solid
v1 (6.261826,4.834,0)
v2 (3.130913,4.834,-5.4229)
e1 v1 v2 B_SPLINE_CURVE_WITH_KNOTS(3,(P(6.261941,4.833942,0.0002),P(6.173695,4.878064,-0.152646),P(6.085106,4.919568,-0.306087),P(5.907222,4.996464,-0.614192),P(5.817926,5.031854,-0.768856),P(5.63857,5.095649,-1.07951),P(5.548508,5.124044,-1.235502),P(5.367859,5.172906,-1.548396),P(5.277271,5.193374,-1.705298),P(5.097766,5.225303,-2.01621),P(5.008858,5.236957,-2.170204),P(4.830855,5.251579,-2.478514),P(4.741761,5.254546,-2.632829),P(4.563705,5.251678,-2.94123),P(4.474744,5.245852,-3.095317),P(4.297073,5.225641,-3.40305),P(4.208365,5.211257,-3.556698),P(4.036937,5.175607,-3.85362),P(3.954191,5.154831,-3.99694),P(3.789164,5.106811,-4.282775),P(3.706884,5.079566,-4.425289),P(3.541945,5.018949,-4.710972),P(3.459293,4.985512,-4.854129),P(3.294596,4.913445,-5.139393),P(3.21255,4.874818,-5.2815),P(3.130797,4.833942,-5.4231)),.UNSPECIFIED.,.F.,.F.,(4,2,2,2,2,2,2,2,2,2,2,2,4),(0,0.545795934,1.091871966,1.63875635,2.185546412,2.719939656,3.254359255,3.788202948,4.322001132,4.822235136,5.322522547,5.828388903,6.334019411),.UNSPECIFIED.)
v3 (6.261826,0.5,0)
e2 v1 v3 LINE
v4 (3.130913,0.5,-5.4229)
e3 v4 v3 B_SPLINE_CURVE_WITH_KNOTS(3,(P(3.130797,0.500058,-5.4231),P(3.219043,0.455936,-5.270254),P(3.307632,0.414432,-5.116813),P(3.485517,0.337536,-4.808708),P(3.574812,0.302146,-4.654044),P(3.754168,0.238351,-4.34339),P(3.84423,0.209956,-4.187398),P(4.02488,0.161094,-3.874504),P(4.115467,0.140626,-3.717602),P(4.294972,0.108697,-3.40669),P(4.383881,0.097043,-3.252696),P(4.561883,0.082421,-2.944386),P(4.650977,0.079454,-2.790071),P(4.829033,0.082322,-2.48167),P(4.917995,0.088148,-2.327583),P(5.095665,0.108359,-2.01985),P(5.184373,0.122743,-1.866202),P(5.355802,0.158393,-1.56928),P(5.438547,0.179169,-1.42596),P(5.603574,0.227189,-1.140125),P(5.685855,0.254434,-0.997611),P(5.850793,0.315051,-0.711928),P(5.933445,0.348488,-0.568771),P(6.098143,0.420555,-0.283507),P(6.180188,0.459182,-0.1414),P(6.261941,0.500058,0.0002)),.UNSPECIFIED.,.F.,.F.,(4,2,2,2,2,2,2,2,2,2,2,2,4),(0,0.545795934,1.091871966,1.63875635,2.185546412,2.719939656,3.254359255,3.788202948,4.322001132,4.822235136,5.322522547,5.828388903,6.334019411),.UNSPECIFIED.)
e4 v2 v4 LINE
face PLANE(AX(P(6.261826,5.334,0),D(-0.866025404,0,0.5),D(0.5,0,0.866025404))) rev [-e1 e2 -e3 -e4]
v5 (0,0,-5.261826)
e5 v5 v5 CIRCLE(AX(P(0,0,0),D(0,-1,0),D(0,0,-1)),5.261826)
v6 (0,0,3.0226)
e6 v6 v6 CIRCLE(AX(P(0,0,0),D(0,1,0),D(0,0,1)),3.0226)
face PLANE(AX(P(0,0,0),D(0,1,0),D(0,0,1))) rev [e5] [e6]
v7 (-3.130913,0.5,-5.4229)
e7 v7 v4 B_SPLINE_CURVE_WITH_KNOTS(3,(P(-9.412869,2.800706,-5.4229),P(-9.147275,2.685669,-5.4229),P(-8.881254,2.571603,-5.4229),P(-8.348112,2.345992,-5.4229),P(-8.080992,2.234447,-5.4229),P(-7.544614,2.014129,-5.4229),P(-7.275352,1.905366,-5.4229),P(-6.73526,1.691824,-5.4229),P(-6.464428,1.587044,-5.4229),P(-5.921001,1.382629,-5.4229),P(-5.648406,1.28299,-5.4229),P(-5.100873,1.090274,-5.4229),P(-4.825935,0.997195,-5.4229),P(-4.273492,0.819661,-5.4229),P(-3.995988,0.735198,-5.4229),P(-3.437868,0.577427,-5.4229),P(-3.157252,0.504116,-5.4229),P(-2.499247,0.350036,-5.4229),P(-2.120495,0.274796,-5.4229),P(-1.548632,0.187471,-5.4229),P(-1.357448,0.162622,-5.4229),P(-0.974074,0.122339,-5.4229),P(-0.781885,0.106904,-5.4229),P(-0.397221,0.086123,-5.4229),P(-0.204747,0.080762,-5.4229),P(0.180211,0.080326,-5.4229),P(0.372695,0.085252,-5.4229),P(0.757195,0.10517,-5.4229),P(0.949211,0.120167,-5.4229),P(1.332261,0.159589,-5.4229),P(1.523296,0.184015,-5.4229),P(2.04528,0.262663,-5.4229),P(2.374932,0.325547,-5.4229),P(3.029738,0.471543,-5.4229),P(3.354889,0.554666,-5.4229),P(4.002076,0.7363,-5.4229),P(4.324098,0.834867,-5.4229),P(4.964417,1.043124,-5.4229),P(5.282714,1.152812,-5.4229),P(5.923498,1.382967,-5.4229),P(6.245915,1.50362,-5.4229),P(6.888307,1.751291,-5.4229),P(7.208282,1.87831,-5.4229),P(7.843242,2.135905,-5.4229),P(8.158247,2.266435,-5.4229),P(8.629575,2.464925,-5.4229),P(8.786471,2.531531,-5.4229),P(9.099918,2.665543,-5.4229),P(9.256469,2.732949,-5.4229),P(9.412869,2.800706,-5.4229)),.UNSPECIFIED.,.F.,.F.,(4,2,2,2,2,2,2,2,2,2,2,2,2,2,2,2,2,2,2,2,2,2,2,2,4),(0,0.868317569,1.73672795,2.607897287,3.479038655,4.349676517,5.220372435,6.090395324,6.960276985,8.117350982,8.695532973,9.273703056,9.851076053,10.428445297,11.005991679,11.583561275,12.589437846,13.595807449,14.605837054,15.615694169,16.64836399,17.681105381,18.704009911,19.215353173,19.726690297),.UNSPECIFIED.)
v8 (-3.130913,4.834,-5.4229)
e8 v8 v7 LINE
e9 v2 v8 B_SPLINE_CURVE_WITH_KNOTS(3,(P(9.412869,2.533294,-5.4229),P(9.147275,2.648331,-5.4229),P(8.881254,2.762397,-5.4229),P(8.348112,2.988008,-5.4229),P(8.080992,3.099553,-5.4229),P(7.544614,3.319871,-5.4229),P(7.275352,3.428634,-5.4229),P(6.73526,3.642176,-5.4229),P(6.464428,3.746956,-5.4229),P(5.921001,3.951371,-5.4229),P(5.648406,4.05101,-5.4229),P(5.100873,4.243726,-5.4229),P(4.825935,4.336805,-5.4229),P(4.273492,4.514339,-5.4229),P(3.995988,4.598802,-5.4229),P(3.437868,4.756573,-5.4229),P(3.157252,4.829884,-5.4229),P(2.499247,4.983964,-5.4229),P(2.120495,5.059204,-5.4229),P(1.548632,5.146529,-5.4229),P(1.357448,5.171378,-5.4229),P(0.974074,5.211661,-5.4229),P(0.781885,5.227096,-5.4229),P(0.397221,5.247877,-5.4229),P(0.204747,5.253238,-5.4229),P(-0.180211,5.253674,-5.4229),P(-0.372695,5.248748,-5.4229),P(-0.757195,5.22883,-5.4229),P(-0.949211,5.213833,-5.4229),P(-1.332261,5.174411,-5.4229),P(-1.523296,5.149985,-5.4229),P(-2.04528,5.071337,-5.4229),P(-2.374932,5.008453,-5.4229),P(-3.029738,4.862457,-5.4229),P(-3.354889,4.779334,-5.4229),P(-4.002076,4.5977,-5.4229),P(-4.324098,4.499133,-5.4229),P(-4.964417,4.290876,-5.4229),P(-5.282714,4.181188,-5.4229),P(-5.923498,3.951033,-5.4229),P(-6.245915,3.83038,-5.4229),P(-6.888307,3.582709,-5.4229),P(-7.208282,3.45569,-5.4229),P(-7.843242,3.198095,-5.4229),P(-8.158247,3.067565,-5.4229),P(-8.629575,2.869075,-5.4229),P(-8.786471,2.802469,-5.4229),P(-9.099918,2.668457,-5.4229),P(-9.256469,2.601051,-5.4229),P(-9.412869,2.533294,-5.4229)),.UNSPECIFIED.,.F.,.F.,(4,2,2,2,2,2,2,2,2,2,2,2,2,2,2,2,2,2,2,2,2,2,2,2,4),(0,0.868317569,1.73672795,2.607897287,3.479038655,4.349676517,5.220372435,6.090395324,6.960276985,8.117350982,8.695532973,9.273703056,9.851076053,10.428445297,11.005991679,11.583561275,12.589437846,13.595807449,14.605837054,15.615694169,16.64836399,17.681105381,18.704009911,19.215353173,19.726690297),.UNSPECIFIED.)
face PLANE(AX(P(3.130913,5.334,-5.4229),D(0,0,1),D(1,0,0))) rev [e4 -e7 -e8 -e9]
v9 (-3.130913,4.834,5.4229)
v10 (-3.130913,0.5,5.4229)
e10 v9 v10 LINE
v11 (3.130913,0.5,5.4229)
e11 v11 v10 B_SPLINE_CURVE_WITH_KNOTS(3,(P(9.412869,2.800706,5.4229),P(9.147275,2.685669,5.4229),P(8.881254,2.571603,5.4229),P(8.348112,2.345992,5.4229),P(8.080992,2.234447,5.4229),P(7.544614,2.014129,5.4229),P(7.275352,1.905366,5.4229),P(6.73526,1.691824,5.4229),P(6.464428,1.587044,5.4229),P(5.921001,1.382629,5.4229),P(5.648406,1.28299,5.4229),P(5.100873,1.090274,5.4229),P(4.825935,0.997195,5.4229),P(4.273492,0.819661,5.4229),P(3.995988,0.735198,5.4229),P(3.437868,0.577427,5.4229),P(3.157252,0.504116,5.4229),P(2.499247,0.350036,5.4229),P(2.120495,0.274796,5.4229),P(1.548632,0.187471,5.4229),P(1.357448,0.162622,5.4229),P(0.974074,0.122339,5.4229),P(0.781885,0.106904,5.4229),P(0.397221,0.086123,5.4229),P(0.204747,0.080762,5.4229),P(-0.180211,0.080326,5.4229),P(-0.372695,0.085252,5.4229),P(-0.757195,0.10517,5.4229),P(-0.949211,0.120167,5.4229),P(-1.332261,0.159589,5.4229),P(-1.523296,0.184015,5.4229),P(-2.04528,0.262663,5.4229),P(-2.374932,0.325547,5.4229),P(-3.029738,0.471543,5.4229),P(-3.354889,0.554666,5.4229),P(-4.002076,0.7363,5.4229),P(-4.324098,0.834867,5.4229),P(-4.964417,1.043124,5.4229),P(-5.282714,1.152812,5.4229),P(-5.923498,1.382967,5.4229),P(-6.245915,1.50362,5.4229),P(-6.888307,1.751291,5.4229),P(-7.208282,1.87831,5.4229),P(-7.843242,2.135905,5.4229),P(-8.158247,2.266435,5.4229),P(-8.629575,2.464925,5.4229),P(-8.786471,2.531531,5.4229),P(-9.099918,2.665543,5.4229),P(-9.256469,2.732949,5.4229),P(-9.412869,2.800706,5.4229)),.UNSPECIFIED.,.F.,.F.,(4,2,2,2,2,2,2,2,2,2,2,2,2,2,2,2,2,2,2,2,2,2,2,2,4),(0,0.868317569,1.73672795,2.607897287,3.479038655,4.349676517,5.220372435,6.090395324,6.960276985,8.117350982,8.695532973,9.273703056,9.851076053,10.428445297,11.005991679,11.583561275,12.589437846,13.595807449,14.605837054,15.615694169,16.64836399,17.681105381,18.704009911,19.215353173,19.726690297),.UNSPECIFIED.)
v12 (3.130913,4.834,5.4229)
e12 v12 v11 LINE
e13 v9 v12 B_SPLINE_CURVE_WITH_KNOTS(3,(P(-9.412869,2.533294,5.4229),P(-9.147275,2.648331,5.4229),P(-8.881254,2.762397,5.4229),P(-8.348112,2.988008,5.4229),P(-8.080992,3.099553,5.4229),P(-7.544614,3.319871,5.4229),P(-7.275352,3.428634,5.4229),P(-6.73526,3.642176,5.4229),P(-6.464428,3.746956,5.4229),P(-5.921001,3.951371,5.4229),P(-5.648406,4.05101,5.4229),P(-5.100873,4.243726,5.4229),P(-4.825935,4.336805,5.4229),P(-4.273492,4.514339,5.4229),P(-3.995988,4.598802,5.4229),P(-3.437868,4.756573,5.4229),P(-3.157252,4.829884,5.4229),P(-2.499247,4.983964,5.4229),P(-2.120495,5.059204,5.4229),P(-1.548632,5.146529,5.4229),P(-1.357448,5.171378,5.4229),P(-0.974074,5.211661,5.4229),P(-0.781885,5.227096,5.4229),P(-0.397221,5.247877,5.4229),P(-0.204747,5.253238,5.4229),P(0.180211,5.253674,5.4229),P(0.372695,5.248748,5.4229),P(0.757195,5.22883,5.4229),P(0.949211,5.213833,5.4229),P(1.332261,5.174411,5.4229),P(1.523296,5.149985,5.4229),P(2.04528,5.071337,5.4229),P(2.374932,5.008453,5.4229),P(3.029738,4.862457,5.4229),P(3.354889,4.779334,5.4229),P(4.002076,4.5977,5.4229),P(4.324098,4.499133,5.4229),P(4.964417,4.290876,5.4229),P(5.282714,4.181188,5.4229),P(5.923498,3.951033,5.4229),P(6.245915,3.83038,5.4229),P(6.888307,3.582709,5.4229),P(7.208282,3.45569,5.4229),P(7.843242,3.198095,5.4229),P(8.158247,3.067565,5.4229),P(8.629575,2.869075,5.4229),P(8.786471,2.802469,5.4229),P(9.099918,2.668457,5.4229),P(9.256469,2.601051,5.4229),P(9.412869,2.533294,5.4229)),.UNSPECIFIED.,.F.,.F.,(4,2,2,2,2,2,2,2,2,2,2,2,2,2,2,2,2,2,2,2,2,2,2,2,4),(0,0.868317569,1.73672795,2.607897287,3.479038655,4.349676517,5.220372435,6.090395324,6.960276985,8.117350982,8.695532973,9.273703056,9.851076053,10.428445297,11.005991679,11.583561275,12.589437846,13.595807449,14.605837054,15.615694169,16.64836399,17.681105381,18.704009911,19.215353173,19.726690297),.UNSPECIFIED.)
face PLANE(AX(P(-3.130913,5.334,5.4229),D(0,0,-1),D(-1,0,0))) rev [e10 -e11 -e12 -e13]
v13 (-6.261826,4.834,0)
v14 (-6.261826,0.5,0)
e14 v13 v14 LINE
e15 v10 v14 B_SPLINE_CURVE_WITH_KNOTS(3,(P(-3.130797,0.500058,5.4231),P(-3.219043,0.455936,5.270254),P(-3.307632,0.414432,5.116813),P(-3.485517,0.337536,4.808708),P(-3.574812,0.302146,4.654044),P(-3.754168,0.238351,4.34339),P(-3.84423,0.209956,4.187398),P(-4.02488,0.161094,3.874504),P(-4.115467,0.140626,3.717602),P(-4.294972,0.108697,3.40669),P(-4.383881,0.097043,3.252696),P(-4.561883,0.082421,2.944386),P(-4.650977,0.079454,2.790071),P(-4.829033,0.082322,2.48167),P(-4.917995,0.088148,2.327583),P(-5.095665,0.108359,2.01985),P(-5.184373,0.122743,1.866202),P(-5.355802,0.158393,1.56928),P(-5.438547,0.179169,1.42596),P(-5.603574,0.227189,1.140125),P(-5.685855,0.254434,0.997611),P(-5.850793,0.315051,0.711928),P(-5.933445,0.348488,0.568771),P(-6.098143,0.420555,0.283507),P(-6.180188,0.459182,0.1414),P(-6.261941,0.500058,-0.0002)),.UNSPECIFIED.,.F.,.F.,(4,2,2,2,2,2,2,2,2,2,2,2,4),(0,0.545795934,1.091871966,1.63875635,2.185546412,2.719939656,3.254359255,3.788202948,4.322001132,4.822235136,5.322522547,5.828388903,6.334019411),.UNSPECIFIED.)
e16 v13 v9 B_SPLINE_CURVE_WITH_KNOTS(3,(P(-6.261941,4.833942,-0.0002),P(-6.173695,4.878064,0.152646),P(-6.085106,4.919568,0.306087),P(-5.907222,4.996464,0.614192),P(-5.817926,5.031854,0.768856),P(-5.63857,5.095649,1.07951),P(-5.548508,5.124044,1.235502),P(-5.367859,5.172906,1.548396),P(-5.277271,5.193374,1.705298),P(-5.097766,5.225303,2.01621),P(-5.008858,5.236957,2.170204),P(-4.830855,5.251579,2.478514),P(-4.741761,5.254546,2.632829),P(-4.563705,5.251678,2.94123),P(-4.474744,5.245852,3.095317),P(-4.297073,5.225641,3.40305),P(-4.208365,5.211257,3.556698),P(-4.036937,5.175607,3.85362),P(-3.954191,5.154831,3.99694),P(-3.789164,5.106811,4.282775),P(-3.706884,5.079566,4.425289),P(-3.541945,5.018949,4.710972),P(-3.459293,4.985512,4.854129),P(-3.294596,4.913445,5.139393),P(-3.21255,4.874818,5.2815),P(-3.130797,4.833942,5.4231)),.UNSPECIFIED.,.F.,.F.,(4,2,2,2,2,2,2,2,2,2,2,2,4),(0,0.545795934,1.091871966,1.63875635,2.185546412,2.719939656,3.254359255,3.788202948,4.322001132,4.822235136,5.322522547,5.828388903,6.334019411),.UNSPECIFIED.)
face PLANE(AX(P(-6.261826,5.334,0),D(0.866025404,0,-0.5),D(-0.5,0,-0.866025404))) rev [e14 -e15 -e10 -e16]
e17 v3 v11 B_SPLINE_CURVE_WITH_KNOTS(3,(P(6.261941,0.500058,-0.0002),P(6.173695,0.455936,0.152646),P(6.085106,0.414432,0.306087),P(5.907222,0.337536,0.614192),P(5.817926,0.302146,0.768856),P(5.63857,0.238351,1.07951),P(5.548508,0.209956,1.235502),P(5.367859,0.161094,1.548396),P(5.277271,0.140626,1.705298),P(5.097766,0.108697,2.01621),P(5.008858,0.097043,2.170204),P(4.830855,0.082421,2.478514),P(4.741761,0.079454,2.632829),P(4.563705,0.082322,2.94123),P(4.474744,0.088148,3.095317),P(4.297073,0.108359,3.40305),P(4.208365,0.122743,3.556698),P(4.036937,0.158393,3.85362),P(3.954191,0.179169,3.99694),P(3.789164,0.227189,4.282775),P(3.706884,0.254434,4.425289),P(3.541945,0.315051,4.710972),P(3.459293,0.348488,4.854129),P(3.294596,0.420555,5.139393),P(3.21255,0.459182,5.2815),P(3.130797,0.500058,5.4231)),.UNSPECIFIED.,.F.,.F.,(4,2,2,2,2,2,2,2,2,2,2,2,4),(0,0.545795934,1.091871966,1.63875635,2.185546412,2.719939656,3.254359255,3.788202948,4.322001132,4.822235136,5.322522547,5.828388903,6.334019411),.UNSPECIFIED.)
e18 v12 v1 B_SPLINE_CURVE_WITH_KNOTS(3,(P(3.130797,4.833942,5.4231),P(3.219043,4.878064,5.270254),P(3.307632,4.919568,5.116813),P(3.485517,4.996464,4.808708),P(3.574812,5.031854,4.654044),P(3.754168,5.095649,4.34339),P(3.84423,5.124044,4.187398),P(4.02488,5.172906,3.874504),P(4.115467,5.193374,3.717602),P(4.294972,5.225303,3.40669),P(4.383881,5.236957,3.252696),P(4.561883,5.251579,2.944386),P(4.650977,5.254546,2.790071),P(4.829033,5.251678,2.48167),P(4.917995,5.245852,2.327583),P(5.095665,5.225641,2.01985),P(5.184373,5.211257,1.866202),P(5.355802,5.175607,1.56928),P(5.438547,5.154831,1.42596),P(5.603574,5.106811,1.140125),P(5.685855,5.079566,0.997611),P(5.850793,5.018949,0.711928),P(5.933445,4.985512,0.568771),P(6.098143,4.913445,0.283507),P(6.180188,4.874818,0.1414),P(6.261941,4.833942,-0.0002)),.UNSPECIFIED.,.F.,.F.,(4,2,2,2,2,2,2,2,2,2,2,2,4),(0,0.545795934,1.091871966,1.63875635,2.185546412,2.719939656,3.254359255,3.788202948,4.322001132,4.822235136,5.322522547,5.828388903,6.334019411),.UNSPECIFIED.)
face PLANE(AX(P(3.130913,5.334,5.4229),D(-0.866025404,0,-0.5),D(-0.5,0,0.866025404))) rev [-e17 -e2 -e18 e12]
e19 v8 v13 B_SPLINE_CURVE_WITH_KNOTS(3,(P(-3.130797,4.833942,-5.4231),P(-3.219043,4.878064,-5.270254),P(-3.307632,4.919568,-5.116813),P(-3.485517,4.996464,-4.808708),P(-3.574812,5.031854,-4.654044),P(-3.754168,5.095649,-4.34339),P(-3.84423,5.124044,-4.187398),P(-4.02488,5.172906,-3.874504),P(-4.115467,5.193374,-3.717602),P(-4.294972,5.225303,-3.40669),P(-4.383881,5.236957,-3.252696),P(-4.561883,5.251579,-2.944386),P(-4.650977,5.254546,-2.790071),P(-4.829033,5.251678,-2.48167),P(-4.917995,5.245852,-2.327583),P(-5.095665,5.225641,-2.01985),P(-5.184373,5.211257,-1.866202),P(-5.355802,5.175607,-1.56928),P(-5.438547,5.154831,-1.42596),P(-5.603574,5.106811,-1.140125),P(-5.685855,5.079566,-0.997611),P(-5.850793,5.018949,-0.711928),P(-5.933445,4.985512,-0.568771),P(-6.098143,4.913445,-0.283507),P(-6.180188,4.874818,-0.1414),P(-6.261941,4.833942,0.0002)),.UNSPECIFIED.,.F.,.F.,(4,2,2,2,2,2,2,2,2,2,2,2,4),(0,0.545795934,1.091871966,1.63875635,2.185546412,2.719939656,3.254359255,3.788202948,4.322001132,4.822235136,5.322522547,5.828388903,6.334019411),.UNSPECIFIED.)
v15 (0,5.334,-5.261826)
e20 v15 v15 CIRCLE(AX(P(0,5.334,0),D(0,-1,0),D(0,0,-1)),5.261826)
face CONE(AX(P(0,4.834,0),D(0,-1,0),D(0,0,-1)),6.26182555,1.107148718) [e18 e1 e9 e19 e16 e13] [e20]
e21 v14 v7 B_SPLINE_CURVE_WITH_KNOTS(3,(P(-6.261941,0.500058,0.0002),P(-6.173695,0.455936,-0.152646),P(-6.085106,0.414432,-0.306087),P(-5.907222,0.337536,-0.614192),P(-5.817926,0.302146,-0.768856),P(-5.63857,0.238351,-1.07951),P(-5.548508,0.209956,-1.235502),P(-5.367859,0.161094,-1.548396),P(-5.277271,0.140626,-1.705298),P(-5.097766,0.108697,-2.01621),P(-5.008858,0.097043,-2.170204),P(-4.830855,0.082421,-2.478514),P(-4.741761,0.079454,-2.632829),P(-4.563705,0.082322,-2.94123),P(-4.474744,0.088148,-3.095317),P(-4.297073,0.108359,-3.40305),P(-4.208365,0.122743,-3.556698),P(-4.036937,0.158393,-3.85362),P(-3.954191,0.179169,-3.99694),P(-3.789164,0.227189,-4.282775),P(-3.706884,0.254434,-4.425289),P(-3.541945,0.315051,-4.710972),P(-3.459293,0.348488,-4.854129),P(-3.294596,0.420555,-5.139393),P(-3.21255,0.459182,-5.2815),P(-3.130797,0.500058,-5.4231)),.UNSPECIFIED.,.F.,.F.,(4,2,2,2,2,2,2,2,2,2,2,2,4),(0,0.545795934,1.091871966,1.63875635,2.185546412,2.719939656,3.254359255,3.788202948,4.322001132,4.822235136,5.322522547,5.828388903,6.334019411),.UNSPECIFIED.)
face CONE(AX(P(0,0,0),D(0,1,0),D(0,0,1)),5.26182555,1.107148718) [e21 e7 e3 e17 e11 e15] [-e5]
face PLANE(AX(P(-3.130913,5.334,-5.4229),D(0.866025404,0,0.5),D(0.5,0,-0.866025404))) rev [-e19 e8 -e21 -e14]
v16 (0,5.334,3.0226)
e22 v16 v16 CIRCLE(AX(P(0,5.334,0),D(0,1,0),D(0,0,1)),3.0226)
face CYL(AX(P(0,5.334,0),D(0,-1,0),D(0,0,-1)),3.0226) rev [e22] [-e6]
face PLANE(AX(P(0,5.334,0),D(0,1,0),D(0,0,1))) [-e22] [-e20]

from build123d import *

# Parameters (mm, degrees)
CROQUIS1_R              = 3.0226
SALIENTE_EXTRUIR1_DEPTH = 5.334


with BuildPart() as part:
    # Croquis1 → Saliente-Extruir1 (new body)
    with BuildSketch(Plane(origin=(0, 0, 0), x_dir=(1, 0, 0), z_dir=(0, 1, 0))):
        Polygon((-6.26182555, 0), (-3.130912775, -5.4229), (3.130912775, -5.4229), (6.26182555, 0), (3.130912775, 5.4229), (-3.130912775, 5.4229), align=None)
        with Locations(Location((0, 0, 0), (0, 0, 270))):
            Circle(CROQUIS1_R, mode=Mode.SUBTRACT)
    extrude(amount=SALIENTE_EXTRUIR1_DEPTH)

    # Croquis2 → Cortar-Revolución1 (revolve, cut)
    with BuildSketch(Plane.XY, mode=Mode.PRIVATE) as cortar_revoluci_n1_sk:
        Polygon((-6.26182555, 5.334), (-6.26182555, 4.834), (-5.26182555, 5.334), align=None)
    revolve(cortar_revoluci_n1_sk.sketch.rotate(Axis((0, 0, 0), (0, 1, 0)), 270), axis=Axis((0, 0, 0), (0, 1, 0)), mode=Mode.SUBTRACT)

    # Croquis3 → Cortar-Revolución3 (revolve, cut)
    with BuildSketch(Plane.XY, mode=Mode.PRIVATE) as cortar_revoluci_n3_sk:
        Polygon((-6.26182555, 0), (-5.26182555, 0), (-6.26182555, 0.5), align=None)
    revolve(cortar_revoluci_n3_sk.sketch.rotate(Axis((0, 0, 0), (0, 1, 0)), 120.000000008), axis=Axis((0, 0, 0), (0, 1, 0)), mode=Mode.SUBTRACT)


solid = part.part
